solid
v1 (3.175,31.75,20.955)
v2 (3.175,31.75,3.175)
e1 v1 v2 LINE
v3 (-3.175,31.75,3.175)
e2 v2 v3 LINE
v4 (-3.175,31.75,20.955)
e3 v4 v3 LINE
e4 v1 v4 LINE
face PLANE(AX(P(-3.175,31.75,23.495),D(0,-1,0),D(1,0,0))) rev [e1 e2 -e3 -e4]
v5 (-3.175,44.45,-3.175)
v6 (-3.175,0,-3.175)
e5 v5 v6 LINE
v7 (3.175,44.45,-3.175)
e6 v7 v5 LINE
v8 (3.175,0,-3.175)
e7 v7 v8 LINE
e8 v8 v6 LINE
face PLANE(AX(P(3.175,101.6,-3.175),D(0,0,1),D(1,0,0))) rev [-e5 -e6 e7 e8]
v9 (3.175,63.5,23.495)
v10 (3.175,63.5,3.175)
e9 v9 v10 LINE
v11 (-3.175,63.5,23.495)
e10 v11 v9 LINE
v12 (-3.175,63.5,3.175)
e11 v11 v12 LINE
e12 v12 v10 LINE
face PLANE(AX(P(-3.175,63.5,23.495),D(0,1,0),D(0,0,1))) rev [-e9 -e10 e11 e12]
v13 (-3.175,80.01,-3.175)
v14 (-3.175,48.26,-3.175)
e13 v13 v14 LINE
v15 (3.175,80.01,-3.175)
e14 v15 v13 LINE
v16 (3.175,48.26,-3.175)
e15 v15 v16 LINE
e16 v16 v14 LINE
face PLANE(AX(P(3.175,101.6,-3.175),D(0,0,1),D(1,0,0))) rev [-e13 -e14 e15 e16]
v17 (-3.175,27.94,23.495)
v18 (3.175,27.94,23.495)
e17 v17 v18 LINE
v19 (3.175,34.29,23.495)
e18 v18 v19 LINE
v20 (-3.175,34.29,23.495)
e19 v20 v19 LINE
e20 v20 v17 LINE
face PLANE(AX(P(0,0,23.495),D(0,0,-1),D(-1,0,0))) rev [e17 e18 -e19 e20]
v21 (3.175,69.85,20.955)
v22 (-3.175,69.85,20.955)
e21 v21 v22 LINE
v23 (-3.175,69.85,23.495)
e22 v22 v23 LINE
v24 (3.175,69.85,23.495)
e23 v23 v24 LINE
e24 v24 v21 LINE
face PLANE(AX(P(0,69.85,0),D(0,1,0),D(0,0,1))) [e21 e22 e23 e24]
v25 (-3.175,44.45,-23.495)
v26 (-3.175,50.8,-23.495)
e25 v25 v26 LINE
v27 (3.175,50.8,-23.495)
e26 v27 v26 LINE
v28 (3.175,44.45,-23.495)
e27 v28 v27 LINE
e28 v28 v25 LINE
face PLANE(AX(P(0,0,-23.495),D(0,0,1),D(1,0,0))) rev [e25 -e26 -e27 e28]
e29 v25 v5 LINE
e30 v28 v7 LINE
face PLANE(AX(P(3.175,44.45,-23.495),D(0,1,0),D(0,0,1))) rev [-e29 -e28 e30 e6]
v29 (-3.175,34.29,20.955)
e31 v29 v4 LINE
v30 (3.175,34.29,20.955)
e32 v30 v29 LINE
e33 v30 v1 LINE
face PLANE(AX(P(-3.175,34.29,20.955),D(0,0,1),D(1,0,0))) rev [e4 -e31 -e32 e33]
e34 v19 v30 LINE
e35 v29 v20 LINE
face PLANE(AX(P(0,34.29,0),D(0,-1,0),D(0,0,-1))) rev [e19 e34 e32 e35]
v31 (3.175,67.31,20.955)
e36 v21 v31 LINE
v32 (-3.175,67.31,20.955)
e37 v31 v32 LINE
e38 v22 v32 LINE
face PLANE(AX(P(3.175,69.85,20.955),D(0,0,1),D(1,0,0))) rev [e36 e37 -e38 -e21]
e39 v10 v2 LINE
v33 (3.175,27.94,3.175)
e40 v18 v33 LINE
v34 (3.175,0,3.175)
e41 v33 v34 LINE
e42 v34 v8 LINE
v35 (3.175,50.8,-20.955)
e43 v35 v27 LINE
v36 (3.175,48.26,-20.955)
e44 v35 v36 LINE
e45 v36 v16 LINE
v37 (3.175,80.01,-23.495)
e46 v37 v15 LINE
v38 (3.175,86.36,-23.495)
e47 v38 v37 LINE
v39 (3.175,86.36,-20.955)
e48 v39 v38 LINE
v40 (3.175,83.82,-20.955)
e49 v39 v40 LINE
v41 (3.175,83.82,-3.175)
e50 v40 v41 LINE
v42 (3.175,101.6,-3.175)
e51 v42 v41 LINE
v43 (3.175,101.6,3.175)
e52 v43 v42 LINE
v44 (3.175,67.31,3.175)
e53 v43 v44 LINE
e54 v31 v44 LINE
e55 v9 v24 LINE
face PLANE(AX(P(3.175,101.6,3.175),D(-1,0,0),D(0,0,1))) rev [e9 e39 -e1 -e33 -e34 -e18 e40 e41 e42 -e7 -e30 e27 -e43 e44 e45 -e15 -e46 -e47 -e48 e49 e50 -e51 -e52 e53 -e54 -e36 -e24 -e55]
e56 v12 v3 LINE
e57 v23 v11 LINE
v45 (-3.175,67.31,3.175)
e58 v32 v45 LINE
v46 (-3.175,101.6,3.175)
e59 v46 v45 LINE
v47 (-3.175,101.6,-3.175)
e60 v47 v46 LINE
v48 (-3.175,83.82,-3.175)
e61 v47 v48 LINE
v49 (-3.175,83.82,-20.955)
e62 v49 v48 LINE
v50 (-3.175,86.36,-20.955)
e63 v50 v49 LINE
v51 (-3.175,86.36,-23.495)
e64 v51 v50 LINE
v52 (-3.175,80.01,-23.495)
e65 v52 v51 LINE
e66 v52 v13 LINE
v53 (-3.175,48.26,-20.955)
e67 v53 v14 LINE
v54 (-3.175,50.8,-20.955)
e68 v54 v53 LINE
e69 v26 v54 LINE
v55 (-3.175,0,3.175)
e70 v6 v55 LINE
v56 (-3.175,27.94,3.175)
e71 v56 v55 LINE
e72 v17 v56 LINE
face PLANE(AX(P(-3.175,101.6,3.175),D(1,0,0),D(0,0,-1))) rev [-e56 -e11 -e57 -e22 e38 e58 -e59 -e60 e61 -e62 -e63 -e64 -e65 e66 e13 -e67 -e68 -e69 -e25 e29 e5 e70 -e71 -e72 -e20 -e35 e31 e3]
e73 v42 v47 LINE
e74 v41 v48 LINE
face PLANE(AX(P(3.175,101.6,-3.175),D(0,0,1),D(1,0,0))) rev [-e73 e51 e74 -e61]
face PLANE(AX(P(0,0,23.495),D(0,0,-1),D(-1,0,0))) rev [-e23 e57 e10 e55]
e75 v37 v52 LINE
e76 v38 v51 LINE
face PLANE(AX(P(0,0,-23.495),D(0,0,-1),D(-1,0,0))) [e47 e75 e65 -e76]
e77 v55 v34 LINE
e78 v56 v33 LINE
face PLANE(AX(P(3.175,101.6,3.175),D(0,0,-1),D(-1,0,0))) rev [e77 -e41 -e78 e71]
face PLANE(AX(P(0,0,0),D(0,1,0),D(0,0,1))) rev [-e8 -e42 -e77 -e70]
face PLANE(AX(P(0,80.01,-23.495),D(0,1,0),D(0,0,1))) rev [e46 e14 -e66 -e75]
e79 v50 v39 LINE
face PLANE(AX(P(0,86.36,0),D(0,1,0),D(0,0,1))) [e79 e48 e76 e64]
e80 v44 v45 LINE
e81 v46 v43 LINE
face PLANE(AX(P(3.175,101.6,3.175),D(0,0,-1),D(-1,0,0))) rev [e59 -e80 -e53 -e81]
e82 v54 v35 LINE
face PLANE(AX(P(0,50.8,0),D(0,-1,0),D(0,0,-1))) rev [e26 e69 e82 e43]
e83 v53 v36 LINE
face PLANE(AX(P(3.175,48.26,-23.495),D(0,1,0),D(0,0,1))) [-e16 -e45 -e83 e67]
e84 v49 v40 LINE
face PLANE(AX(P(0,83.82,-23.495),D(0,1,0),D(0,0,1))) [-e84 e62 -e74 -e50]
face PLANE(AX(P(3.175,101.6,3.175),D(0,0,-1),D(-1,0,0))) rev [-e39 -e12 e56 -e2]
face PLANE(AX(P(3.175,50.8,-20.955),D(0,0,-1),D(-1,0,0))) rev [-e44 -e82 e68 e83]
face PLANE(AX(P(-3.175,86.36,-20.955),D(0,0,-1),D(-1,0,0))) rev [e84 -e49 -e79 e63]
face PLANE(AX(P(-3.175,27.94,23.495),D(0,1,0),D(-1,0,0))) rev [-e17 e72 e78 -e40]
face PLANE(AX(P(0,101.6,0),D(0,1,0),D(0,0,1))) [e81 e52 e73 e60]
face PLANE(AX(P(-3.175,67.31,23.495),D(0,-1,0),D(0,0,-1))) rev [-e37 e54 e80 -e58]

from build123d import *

# Parameters (mm, degrees)
SKETCH1_W           = 6.35
SKETCH1_H           = 6.35
BOSS_EXTRUDE1_DEPTH = 101.6
SKETCH4_W           = 6.35
SKETCH4_H           = 3.81
BOSS_EXTRUDE2_DEPTH = 20.32
SKETCH5_W           = 6.35
SKETCH5_H           = 2.54
BOSS_EXTRUDE3_DEPTH = 2.54
SKETCH6_W           = 6.35
SKETCH6_H           = 3.81
BOSS_EXTRUDE4_DEPTH = 20.32
SKETCH7_W           = 6.35
SKETCH7_H           = 2.54
BOSS_EXTRUDE5_DEPTH = 2.54
SKETCH9_W           = 6.35
SKETCH9_H           = 2.54
BOSS_EXTRUDE6_DEPTH = 2.54
SKETCH8_W           = 6.35
SKETCH8_H           = 2.54
BOSS_EXTRUDE7_DEPTH = 2.54


with BuildPart() as part:
    # Sketch1 → Boss-Extrude1 (new body)
    with BuildSketch(Plane(origin=(0, 0, 0), x_dir=(1, 0, 0), z_dir=(0, 1, 0))):
        Rectangle(SKETCH1_W, SKETCH1_H)
    extrude(amount=BOSS_EXTRUDE1_DEPTH)

    # Sketch4 → Boss-Extrude2 (add)
    with BuildSketch(Plane.XY.offset(3.175)):
        with Locations((0, 29.845)):
            Rectangle(SKETCH4_W, SKETCH4_H)
        with Locations((0, 65.405)):
            Rectangle(SKETCH4_W, SKETCH4_H)
    extrude(amount=BOSS_EXTRUDE2_DEPTH)

    # Sketch5 → Boss-Extrude3 (add)
    with BuildSketch(Plane(origin=(0, 31.75, 0), x_dir=(1, 0, 0), z_dir=(0, 1, 0))):
        with Locations((0, -22.225)):
            Rectangle(SKETCH5_W, SKETCH5_H)
    extrude(amount=BOSS_EXTRUDE3_DEPTH)

    # Sketch6 → Boss-Extrude4 (add)
    with BuildSketch(Plane(origin=(0, 0, -3.175), x_dir=(-1, 0, 0), z_dir=(0, 0, -1))):
        with Locations((0, 81.915)):
            Rectangle(SKETCH6_W, SKETCH6_H)
        with Locations((0, 46.355)):
            Rectangle(SKETCH6_W, SKETCH6_H)
    extrude(amount=BOSS_EXTRUDE4_DEPTH)

    # Sketch7 → Boss-Extrude5 (add)
    with BuildSketch(Plane(origin=(0, 48.26, 0), x_dir=(1, 0, 0), z_dir=(0, 1, 0))):
        with Locations((0, 22.225)):
            Rectangle(SKETCH7_W, SKETCH7_H)
    extrude(amount=BOSS_EXTRUDE5_DEPTH)

    # Sketch9 → Boss-Extrude6 (add)
    with BuildSketch(Plane(origin=(0, 83.82, 0), x_dir=(1, 0, 0), z_dir=(0, 1, 0))):
        with Locations((0, 22.225)):
            Rectangle(SKETCH9_W, SKETCH9_H)
    extrude(amount=BOSS_EXTRUDE6_DEPTH)

    # Sketch8 → Boss-Extrude7 (add)
    with BuildSketch(Plane(origin=(0, 67.31, 0), x_dir=(1, 0, 0), z_dir=(0, 1, 0))):
        with Locations((0, -22.225)):
            Rectangle(SKETCH8_W, SKETCH8_H)
    extrude(amount=BOSS_EXTRUDE7_DEPTH)


solid = part.part
